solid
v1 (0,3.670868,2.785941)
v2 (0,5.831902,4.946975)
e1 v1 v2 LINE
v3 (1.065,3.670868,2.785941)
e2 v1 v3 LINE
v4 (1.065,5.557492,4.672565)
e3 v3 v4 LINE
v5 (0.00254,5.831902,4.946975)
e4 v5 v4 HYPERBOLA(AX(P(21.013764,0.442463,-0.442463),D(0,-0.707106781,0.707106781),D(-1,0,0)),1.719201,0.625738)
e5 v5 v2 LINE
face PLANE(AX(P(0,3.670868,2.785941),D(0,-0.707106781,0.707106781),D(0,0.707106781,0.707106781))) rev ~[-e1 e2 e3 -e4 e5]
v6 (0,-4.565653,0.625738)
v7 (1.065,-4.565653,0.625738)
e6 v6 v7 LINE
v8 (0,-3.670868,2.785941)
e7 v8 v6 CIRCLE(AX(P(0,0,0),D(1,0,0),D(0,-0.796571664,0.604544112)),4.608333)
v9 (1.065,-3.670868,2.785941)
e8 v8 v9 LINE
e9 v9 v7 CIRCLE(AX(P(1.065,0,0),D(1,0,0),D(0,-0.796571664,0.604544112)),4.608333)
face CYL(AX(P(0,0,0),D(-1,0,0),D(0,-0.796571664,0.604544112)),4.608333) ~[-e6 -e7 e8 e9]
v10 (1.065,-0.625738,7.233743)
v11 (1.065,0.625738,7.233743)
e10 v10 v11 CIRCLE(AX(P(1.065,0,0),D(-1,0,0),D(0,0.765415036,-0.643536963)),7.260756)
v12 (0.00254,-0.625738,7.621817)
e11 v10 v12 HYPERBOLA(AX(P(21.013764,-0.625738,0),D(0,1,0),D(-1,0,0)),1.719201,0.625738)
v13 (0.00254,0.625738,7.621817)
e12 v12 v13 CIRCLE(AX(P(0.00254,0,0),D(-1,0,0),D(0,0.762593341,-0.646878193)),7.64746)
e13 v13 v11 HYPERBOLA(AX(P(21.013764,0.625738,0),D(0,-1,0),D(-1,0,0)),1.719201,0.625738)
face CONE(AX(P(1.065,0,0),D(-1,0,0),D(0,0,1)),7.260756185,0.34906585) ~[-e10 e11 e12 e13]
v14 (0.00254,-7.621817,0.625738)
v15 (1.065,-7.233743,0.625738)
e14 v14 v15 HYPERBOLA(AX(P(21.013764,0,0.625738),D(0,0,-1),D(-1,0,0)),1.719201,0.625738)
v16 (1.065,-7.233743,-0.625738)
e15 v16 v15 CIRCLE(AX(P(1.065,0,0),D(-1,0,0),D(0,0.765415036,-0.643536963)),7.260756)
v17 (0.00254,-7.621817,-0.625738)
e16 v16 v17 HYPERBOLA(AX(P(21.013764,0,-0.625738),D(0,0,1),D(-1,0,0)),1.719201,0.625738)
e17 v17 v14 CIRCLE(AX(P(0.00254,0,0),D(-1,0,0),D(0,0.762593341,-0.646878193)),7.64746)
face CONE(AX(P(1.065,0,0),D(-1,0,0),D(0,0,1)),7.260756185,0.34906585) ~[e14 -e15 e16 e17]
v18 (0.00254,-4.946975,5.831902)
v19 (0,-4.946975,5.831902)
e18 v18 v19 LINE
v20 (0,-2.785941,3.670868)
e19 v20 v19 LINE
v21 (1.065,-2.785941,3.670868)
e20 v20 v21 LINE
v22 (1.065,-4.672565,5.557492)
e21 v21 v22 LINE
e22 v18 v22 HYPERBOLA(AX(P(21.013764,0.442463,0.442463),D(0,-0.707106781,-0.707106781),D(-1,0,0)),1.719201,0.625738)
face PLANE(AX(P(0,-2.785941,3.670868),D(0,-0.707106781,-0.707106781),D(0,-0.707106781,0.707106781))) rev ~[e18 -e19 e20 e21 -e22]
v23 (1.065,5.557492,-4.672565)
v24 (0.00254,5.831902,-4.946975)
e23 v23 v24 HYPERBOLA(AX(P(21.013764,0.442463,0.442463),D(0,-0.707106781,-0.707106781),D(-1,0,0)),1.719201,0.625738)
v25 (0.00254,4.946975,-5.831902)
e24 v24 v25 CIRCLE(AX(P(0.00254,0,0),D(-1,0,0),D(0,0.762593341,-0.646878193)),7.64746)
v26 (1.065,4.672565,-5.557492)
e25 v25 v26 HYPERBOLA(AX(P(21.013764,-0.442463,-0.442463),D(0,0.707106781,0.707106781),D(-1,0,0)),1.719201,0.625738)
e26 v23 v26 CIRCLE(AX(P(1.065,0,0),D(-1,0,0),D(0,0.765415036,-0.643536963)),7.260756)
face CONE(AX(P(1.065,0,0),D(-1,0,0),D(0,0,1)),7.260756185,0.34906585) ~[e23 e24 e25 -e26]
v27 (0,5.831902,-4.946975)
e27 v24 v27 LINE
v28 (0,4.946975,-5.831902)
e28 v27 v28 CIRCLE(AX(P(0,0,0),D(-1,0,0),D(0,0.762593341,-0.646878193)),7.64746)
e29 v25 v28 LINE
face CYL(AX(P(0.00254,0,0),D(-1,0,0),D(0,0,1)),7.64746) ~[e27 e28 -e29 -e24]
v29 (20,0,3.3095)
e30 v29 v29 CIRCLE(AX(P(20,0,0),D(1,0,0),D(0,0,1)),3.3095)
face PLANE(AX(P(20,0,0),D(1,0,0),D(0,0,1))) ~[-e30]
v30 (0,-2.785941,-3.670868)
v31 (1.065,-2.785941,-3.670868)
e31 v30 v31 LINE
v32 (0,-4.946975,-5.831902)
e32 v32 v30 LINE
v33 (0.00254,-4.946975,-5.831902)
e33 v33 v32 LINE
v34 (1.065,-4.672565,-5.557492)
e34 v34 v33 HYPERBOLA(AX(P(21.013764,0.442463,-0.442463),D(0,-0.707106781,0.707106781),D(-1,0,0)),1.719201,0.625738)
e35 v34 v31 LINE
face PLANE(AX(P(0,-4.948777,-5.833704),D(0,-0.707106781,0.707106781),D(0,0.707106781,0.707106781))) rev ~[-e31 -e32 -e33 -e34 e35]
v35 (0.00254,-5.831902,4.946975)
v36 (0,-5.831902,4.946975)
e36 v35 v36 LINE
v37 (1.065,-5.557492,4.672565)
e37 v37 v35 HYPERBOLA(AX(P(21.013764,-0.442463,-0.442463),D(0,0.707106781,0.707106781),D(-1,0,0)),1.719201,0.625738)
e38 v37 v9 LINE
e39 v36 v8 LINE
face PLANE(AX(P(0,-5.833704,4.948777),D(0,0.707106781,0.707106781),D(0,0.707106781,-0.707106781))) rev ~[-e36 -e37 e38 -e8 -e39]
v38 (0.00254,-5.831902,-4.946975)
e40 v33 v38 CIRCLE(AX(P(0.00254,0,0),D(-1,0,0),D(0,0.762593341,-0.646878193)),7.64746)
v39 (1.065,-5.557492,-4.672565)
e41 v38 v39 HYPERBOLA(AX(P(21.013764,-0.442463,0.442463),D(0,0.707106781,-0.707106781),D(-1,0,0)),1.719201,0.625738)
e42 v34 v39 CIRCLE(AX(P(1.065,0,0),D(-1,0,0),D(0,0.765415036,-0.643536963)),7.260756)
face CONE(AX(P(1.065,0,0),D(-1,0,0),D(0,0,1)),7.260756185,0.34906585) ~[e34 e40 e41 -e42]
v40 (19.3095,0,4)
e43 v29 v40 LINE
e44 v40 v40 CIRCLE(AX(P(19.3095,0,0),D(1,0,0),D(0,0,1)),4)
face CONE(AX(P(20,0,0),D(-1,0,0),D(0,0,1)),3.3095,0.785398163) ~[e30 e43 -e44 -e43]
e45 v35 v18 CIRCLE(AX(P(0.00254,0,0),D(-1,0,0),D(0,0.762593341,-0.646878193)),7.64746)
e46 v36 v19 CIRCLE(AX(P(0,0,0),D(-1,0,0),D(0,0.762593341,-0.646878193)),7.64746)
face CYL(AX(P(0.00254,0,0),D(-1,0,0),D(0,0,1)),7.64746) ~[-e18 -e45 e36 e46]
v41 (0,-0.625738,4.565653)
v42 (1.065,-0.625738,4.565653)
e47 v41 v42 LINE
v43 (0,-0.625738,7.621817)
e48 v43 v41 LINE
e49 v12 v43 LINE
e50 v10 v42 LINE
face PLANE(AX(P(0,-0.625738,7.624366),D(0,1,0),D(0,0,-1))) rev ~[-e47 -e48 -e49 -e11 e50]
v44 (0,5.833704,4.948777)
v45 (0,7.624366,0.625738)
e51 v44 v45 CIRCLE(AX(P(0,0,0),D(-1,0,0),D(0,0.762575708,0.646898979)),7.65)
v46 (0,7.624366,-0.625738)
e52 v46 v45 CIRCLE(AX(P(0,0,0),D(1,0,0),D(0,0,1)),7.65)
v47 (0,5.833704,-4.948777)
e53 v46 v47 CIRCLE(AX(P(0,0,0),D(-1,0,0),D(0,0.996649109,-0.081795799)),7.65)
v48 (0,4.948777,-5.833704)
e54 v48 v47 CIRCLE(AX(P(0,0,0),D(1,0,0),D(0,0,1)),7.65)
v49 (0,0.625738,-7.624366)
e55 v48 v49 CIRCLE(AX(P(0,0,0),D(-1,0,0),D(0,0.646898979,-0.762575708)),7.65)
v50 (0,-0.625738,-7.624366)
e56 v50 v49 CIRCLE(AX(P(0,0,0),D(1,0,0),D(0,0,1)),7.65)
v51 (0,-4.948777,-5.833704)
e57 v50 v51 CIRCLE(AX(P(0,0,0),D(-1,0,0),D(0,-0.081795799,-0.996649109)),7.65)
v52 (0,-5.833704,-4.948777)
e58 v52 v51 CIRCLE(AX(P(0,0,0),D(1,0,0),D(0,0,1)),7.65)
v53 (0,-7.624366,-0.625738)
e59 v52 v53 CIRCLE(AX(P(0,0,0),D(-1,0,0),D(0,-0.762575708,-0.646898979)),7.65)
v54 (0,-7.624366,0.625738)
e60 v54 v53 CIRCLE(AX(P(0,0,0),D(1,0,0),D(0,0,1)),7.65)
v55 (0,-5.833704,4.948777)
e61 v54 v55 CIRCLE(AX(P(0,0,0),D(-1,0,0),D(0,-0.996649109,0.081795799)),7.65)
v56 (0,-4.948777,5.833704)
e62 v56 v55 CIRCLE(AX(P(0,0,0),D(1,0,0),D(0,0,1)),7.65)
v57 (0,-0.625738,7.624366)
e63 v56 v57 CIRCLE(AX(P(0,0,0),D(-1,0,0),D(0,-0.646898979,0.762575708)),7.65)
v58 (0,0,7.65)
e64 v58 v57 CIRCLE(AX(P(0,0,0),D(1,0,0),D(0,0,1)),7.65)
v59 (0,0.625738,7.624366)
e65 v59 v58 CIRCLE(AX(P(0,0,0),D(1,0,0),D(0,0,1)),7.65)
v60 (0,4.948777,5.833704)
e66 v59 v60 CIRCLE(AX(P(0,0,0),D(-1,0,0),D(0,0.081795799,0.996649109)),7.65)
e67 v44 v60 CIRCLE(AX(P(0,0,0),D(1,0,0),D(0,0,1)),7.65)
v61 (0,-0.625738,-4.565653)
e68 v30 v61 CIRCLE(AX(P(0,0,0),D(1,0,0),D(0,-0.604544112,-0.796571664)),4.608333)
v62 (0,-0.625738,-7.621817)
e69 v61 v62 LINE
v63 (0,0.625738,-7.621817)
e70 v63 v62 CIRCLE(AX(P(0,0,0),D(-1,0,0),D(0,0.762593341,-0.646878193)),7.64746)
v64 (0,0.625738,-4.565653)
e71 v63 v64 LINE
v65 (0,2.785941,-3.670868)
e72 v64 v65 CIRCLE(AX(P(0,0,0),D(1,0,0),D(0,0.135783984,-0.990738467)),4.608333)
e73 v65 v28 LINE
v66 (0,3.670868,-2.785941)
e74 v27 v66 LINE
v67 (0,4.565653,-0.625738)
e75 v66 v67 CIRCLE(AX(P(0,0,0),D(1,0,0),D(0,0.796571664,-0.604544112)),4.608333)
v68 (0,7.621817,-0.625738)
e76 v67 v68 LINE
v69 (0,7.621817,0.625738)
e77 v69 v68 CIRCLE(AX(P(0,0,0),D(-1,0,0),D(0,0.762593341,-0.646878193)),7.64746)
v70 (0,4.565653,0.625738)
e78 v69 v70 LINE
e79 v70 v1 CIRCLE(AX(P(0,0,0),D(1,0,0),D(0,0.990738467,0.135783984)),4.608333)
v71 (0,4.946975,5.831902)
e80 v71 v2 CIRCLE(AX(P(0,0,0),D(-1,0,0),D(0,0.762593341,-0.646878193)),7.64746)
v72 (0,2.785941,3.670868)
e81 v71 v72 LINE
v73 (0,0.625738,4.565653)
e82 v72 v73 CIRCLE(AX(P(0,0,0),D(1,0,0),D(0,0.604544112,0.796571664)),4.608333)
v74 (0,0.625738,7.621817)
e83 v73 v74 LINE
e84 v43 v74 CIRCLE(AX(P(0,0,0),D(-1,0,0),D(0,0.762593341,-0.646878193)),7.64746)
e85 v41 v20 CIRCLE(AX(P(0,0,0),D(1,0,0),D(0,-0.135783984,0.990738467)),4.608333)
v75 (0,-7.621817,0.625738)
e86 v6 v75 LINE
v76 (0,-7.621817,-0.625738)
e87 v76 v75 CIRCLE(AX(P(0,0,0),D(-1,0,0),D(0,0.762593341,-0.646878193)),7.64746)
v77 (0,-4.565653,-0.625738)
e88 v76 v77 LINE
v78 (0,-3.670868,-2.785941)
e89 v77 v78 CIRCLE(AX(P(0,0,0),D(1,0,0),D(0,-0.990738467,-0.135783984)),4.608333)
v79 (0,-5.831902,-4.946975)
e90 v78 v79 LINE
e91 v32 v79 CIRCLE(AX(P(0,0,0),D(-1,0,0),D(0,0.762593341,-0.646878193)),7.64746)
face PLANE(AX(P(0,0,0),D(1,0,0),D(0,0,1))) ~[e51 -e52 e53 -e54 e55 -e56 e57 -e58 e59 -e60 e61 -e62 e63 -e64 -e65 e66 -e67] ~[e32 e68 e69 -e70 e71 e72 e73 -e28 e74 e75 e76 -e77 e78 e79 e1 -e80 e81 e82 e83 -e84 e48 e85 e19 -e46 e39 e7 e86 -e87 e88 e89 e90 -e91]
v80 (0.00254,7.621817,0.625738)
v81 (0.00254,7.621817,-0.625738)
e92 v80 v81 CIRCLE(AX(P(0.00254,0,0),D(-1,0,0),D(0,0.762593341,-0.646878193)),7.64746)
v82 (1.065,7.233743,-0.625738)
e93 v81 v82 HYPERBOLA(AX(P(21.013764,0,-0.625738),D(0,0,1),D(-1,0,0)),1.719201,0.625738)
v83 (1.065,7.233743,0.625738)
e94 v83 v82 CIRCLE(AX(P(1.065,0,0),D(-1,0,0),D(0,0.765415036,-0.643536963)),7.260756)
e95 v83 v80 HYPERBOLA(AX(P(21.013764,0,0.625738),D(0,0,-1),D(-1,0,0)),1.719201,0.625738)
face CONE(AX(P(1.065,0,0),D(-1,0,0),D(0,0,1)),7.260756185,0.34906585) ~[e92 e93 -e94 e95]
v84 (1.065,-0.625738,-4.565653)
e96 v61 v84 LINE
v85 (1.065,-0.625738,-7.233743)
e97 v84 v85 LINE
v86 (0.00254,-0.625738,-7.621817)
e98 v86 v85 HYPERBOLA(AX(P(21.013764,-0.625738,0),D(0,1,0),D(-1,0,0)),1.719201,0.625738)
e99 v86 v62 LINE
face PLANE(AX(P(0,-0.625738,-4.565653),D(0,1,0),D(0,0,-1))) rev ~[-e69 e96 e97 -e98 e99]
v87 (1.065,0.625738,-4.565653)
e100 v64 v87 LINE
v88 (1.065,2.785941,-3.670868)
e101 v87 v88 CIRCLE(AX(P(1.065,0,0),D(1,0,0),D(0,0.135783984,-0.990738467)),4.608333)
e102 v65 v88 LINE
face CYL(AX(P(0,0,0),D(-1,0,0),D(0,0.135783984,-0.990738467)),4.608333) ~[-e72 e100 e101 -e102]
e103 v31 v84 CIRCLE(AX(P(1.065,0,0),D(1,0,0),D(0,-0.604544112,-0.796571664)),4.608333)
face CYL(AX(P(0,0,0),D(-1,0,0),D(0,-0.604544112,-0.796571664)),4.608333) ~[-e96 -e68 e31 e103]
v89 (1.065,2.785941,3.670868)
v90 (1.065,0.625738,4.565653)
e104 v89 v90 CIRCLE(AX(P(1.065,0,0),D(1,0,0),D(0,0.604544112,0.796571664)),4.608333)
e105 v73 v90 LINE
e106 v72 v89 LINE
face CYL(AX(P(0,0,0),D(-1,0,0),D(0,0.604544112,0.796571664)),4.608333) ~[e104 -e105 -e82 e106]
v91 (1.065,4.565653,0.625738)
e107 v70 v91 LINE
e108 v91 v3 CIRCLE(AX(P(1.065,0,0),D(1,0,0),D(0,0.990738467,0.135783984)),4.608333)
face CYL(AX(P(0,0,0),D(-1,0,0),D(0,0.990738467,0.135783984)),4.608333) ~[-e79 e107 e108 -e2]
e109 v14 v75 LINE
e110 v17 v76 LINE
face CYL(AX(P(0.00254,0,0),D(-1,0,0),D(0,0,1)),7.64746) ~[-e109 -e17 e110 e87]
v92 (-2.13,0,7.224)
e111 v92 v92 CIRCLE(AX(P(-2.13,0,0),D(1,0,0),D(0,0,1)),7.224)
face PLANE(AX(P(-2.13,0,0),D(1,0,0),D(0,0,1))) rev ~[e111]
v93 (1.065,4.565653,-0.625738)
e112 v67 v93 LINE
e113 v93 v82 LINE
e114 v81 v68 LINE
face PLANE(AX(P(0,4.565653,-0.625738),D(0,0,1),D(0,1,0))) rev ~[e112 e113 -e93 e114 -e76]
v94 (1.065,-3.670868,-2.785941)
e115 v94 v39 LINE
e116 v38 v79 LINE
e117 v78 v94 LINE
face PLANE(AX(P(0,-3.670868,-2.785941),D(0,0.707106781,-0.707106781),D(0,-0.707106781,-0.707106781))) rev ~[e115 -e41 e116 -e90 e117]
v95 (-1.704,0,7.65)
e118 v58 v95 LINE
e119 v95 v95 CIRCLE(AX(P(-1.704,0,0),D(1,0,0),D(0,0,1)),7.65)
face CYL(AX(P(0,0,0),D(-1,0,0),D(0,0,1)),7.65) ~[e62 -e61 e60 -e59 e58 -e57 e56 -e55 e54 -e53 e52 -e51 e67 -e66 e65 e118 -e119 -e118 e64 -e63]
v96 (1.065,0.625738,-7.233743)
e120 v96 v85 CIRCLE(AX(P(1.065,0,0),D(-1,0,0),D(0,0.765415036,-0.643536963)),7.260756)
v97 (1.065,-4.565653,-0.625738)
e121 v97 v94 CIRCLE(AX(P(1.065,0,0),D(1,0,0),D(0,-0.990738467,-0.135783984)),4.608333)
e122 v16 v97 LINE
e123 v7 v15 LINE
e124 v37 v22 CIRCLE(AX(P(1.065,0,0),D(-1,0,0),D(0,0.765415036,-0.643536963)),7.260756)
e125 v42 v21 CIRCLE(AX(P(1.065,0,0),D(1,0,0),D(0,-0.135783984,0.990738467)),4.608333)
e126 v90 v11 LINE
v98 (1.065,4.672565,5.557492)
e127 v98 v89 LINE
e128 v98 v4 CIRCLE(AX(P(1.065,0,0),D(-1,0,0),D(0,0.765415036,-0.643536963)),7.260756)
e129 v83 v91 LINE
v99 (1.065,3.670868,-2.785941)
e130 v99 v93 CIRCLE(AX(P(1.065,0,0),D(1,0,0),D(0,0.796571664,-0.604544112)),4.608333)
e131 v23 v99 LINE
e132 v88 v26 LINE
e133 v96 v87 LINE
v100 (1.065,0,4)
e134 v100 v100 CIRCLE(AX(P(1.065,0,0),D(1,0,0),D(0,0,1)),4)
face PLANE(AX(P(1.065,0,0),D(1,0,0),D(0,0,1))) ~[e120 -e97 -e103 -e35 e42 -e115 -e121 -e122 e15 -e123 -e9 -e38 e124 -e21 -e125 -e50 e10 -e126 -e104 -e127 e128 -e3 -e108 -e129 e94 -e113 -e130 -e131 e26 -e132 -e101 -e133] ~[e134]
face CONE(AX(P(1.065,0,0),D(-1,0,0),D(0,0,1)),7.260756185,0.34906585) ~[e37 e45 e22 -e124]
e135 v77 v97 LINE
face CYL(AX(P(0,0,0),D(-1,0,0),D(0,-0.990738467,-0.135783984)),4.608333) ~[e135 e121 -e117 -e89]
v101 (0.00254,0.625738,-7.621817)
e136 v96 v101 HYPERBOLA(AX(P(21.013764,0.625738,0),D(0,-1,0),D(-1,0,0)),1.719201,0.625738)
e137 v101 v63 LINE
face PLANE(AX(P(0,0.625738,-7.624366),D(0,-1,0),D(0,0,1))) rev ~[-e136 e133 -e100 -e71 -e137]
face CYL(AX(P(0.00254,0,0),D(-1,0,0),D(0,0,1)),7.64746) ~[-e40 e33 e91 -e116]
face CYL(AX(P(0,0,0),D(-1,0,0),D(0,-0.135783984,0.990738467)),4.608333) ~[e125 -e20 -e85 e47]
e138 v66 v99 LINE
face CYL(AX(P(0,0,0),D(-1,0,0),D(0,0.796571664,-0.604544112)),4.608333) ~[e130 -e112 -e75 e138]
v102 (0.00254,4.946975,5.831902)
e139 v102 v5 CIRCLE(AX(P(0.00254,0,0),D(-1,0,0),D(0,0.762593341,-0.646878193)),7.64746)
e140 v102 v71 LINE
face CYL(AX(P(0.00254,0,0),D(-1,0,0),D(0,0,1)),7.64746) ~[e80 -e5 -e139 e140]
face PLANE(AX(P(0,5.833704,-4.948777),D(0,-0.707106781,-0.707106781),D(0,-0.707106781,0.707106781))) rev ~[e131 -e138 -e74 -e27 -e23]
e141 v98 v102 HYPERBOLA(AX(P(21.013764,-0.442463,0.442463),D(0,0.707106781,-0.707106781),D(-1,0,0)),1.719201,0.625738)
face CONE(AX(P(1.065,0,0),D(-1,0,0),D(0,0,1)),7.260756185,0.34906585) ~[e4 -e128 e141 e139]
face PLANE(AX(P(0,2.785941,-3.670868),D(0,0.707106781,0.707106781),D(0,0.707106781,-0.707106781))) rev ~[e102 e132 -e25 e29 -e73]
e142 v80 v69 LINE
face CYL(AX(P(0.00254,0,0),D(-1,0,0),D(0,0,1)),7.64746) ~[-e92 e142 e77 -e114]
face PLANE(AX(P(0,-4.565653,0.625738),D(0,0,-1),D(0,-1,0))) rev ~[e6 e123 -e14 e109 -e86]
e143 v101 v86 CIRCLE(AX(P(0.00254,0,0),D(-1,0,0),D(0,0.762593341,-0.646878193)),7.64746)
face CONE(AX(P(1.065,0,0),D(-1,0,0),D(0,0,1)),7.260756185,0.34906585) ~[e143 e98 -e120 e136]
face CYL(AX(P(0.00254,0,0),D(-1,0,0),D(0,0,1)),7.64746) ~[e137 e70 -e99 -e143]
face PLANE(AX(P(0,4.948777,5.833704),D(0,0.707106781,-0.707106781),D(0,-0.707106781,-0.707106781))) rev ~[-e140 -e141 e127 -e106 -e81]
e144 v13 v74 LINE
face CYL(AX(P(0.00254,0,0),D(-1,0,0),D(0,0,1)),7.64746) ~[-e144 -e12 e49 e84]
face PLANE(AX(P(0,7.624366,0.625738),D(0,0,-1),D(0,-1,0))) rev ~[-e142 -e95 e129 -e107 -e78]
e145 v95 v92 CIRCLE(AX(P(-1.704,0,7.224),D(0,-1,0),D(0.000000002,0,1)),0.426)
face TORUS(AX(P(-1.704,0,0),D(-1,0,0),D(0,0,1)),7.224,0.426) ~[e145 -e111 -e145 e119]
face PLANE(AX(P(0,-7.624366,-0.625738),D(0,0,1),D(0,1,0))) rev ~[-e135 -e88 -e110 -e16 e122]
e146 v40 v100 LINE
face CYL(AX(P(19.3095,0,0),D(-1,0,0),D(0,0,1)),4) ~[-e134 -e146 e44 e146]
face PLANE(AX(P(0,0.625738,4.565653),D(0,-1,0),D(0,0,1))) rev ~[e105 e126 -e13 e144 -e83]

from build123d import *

# Parameters (mm, degrees)
RIBCUT_START     = -1.065
RIBCUT_DEPTH     = 1.065
RIBCUTSPAT_COUNT = 8
RIBCUTSPAT_ANGLE = 315


with BuildPart() as part:
    # BodySke → BaseBody (revolve)
    with BuildSketch(Plane.XY):
        with BuildLine():
            Line((-2.13, 7.224), (-2.13, 0))
            Line((-2.13, 0), (20, 0))
            Line((20, 0), (20, 3.3095))
            Line((20, 3.3095), (19.3095, 4))
            Line((19.3095, 4), (1.065, 4))
            Line((1.065, 4), (1.065, 7.260756185))
            Line((1.065, 7.260756185), (0.00254, 7.64746))
            Line((0.00254, 7.64746), (0, 7.64746))
            Line((0, 7.64746), (0, 7.65))
            Line((0, 7.65), (-1.704, 7.65))
            ThreePointArc((-1.704, 7.65), (-2.005227489, 7.525227489), (-2.13, 7.224))
        make_face()
    revolve(axis=Axis((0, 0, 0), (1, 0, 0)))

    # RibCutSke → RibCut (cut)
    with BuildSketch(Plane(origin=(1.065, 1.794401132, -0.090952894), x_dir=(0, 0, -1), z_dir=(1, 0, 0)).offset(RIBCUT_START)):
        with BuildLine():
            Line((0.534784966, 2.771251969), (0.534784966, 5.829964555))
            ThreePointArc((0.534784966, 5.829964555), (2.836575363, 5.273277291), (4.857824301, 4.039303031))
            Line((4.857824301, 4.039303031), (2.69498789, 1.87646662))
            ThreePointArc((2.69498789, 1.87646662), (1.672579923, 2.463143713), (0.534784966, 2.771251969))
        make_face()
    ribcut = extrude(amount=RIBCUT_DEPTH, mode=Mode.SUBTRACT)

    # RibCutsPat: RibCut ×8 about axis
    ribcutspat_axis = Axis((0, 0, 0), (1, 0, 0))
    for i in range(1, RIBCUTSPAT_COUNT):
        add(ribcut.rotate(ribcutspat_axis, i * RIBCUTSPAT_ANGLE / (RIBCUTSPAT_COUNT - 1)), mode=Mode.SUBTRACT)


solid = part.part
